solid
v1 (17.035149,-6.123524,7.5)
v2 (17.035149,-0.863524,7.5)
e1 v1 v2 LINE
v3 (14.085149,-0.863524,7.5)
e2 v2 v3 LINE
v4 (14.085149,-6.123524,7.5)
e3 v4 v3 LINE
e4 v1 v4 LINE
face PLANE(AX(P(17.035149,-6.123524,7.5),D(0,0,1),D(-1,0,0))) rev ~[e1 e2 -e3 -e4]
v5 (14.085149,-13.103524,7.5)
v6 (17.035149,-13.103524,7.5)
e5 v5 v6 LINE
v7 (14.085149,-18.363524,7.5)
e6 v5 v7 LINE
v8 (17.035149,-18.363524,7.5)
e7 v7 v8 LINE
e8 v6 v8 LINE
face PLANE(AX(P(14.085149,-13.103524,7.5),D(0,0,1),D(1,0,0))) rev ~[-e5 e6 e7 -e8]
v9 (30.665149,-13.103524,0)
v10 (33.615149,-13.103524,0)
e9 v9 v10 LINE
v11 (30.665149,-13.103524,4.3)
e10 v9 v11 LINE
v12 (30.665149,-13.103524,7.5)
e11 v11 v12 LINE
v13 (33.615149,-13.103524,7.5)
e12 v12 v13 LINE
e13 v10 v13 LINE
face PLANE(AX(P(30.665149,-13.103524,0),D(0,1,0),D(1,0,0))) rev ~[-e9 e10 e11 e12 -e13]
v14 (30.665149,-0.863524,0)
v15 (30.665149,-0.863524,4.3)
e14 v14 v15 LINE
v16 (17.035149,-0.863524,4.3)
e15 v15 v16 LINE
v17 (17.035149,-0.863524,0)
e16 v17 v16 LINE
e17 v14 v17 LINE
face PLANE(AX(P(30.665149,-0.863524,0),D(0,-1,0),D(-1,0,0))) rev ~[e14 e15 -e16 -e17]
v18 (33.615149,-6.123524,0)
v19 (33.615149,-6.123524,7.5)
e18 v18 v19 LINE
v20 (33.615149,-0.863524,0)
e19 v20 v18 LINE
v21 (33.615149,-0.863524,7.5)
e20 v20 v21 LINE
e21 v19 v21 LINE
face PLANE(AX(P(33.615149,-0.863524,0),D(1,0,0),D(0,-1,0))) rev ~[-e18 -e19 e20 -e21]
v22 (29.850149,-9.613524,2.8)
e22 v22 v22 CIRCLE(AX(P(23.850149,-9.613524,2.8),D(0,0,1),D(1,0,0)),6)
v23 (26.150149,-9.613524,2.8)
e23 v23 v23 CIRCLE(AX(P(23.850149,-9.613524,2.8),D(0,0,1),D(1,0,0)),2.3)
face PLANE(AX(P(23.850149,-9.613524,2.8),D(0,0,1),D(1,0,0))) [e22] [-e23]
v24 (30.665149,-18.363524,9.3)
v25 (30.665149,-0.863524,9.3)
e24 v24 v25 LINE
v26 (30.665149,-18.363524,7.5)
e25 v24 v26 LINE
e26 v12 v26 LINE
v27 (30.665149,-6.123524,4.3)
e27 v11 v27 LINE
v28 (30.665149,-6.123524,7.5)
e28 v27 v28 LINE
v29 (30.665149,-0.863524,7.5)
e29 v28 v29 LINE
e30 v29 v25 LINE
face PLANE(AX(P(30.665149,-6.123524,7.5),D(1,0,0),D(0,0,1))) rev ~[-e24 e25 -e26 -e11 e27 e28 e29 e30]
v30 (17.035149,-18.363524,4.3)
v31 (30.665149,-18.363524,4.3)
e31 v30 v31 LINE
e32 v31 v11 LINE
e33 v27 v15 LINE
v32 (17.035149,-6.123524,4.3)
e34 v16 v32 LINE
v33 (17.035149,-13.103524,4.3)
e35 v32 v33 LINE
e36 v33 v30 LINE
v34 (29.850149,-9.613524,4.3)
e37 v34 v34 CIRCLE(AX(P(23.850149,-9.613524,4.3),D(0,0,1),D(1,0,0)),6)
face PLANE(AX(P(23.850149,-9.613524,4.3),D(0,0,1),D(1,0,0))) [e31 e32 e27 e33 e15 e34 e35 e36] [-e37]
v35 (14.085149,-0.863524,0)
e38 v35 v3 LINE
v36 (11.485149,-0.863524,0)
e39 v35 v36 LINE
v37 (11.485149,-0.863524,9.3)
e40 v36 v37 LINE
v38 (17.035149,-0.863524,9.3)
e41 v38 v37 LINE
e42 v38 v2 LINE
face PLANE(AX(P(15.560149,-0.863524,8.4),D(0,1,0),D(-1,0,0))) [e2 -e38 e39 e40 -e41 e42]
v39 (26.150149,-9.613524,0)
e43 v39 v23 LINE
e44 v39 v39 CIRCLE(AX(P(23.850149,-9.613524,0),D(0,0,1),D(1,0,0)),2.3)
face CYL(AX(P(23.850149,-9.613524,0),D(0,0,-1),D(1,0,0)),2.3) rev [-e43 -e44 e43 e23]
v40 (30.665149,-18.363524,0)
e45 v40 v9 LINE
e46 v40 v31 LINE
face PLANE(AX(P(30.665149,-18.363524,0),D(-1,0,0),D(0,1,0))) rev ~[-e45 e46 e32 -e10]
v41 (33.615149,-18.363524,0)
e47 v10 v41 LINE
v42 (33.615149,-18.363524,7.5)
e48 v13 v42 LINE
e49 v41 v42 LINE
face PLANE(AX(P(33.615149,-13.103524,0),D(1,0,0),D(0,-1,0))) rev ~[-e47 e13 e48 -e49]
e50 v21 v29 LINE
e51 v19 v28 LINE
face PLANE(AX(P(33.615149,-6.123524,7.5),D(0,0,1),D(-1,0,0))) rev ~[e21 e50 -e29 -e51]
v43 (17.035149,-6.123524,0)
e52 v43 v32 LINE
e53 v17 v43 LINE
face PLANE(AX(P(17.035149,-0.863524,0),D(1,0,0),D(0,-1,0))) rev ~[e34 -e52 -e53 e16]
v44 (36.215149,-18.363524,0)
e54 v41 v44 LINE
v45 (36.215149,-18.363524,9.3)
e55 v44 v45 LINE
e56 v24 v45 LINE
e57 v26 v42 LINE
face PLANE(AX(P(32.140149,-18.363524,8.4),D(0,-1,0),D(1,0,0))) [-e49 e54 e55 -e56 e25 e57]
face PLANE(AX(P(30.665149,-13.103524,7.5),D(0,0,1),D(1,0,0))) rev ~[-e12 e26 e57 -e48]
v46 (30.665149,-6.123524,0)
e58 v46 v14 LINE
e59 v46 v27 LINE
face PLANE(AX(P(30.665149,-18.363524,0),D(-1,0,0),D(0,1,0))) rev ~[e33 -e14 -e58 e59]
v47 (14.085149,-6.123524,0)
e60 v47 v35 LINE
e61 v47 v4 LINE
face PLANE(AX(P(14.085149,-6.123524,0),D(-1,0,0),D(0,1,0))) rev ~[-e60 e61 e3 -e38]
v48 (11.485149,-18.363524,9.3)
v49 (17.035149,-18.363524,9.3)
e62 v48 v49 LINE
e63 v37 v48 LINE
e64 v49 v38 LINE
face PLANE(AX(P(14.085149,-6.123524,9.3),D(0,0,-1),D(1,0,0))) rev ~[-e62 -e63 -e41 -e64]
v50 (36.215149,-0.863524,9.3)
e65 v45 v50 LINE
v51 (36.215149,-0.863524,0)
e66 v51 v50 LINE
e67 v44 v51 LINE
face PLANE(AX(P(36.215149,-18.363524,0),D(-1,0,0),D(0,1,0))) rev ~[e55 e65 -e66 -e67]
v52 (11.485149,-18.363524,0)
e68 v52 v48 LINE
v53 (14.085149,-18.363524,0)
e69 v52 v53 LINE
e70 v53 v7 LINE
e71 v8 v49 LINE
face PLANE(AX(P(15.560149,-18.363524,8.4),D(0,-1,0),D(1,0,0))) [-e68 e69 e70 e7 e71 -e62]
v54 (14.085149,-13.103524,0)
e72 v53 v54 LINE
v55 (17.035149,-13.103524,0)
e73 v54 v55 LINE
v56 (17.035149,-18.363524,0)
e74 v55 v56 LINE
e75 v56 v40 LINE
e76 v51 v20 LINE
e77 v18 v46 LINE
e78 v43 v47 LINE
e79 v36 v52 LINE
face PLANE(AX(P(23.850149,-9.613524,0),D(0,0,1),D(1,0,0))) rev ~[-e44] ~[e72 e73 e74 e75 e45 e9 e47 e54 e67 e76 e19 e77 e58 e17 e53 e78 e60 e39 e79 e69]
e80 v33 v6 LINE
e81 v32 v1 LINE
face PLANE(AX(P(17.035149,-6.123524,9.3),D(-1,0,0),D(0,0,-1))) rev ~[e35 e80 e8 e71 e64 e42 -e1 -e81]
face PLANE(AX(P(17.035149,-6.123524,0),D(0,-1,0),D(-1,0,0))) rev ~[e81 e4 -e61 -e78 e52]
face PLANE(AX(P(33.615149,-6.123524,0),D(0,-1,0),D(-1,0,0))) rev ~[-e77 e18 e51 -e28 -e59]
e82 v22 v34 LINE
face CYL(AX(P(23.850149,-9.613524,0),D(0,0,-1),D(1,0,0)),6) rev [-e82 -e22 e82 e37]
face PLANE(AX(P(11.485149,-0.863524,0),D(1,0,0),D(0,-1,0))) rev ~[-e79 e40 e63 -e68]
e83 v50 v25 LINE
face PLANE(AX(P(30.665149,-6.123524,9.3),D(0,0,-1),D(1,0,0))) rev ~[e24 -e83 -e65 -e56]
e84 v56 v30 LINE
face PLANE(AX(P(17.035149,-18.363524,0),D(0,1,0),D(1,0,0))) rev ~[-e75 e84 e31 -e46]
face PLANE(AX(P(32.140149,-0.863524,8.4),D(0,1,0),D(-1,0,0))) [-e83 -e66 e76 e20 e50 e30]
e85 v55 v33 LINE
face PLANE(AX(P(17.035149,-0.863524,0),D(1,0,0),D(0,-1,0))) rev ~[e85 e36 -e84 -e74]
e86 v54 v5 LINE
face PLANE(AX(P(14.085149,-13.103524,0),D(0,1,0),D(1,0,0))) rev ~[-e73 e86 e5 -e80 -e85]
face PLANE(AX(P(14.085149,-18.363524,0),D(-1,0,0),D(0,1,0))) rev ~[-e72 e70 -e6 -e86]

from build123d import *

# Parameters (mm, degrees)
F1_DEPTH = 9.3
F0_R     = 6
F2_DEPTH = 4.3
F0_R_2   = 2.3
F3_DEPTH = 2.8
F5_DEPTH = 5.26
F6_DEPTH = 5.26
F8_DEPTH = 5.26
F9_DEPTH = 5.26


with BuildPart() as f1:
    # F0 (on Top) → F1 (new body)
    with BuildSketch(Plane.XY):
        Polygon((36.2151488662, -0.8635242283), (33.6151488662, -0.8635242283), (33.6151488662, -6.1235242283), (30.6651488662, -6.1235242283), (30.6651488662, -13.1035242283), (33.6151488662, -13.1035242283), (33.6151488662, -18.3635242283), (36.2151488662, -18.3635242283), align=None)
    extrude(amount=F1_DEPTH)



with BuildPart() as f1b:
    # F0 (on Top) → F1, piece 2 (new body)
    with BuildSketch(Plane.XY):
        Polygon((14.0851488662, -0.8635242283), (11.4851488662, -0.8635242283), (11.4851488662, -18.3635242283), (14.0851488662, -18.3635242283), (14.0851488662, -13.1035242283), (17.0351488662, -13.1035242283), (17.0351488662, -6.1235242283), (14.0851488662, -6.1235242283), align=None)
    extrude(amount=F1_DEPTH)


with BuildPart() as f1_1:
    add(f1.part)

    add(f1b.part)  # F2 merges F1b
    # F0 (on Top) → F2 (join)
    with BuildSketch(Plane.XY):
        Polygon((30.6651488662, -0.8635242283), (17.0351488662, -0.8635242283), (17.0351488662, -6.1235242283), (17.0351488662, -13.1035242283), (17.0351488662, -18.3635242283), (30.6651488662, -18.3635242283), (30.6651488662, -13.1035242283), (30.6651488662, -6.1235242283), align=None)
        with Locations((23.8501488662, -9.6135242283)):
            Circle(F0_R, mode=Mode.SUBTRACT)
    extrude(amount=F2_DEPTH)

    # F0 (on Top) → F3 (join)
    with BuildSketch(Plane.XY):
        with Locations((23.8501488662, -9.6135242283)):
            Circle(F0_R)
        with Locations((23.8501488662, -9.6135242283)):
            Circle(F0_R_2, mode=Mode.SUBTRACT)
    extrude(amount=F3_DEPTH)

    # F4 (on face) → F5 (join)
    with BuildSketch(Plane.XZ.offset(13.1035242283)):
        Polygon((15.3120337054, 7.5), (17.0351488662, 7.5), (17.0351488662, 9.3), (14.0851488662, 9.3), (14.0851488662, 7.5), align=None)
    extrude(amount=F5_DEPTH)

    # F4 (on face) → F6 (join)
    with BuildSketch(Plane.XZ.offset(13.1035242283)):
        Polygon((32.3882640269, 7.5), (33.6151488662, 7.5), (33.6151488662, 9.3), (30.6651488662, 9.3), (30.6651488662, 7.5), align=None)
    extrude(amount=F6_DEPTH)

    # F7 (on face) → F8 (join)
    with BuildSketch(Plane(origin=(0, -6.1235242283, 0), x_dir=(-1, 0, 0), z_dir=(0, 1, 0))):
        Polygon((-32.1401488662, 7.5), (-30.6651488662, 7.5), (-30.6651488662, 9.3), (-33.6151488662, 9.3), (-33.6151488662, 7.5), align=None)
    extrude(amount=F8_DEPTH)

    # F7 (on face) → F9 (join)
    with BuildSketch(Plane(origin=(0, -6.1235242283, 0), x_dir=(-1, 0, 0), z_dir=(0, 1, 0))):
        Polygon((-15.5601488662, 7.5), (-14.0851488662, 7.5), (-14.0851488662, 9.3), (-17.0351488662, 9.3), (-17.0351488662, 7.5), align=None)
    extrude(amount=F9_DEPTH)


solid = f1_1.part
